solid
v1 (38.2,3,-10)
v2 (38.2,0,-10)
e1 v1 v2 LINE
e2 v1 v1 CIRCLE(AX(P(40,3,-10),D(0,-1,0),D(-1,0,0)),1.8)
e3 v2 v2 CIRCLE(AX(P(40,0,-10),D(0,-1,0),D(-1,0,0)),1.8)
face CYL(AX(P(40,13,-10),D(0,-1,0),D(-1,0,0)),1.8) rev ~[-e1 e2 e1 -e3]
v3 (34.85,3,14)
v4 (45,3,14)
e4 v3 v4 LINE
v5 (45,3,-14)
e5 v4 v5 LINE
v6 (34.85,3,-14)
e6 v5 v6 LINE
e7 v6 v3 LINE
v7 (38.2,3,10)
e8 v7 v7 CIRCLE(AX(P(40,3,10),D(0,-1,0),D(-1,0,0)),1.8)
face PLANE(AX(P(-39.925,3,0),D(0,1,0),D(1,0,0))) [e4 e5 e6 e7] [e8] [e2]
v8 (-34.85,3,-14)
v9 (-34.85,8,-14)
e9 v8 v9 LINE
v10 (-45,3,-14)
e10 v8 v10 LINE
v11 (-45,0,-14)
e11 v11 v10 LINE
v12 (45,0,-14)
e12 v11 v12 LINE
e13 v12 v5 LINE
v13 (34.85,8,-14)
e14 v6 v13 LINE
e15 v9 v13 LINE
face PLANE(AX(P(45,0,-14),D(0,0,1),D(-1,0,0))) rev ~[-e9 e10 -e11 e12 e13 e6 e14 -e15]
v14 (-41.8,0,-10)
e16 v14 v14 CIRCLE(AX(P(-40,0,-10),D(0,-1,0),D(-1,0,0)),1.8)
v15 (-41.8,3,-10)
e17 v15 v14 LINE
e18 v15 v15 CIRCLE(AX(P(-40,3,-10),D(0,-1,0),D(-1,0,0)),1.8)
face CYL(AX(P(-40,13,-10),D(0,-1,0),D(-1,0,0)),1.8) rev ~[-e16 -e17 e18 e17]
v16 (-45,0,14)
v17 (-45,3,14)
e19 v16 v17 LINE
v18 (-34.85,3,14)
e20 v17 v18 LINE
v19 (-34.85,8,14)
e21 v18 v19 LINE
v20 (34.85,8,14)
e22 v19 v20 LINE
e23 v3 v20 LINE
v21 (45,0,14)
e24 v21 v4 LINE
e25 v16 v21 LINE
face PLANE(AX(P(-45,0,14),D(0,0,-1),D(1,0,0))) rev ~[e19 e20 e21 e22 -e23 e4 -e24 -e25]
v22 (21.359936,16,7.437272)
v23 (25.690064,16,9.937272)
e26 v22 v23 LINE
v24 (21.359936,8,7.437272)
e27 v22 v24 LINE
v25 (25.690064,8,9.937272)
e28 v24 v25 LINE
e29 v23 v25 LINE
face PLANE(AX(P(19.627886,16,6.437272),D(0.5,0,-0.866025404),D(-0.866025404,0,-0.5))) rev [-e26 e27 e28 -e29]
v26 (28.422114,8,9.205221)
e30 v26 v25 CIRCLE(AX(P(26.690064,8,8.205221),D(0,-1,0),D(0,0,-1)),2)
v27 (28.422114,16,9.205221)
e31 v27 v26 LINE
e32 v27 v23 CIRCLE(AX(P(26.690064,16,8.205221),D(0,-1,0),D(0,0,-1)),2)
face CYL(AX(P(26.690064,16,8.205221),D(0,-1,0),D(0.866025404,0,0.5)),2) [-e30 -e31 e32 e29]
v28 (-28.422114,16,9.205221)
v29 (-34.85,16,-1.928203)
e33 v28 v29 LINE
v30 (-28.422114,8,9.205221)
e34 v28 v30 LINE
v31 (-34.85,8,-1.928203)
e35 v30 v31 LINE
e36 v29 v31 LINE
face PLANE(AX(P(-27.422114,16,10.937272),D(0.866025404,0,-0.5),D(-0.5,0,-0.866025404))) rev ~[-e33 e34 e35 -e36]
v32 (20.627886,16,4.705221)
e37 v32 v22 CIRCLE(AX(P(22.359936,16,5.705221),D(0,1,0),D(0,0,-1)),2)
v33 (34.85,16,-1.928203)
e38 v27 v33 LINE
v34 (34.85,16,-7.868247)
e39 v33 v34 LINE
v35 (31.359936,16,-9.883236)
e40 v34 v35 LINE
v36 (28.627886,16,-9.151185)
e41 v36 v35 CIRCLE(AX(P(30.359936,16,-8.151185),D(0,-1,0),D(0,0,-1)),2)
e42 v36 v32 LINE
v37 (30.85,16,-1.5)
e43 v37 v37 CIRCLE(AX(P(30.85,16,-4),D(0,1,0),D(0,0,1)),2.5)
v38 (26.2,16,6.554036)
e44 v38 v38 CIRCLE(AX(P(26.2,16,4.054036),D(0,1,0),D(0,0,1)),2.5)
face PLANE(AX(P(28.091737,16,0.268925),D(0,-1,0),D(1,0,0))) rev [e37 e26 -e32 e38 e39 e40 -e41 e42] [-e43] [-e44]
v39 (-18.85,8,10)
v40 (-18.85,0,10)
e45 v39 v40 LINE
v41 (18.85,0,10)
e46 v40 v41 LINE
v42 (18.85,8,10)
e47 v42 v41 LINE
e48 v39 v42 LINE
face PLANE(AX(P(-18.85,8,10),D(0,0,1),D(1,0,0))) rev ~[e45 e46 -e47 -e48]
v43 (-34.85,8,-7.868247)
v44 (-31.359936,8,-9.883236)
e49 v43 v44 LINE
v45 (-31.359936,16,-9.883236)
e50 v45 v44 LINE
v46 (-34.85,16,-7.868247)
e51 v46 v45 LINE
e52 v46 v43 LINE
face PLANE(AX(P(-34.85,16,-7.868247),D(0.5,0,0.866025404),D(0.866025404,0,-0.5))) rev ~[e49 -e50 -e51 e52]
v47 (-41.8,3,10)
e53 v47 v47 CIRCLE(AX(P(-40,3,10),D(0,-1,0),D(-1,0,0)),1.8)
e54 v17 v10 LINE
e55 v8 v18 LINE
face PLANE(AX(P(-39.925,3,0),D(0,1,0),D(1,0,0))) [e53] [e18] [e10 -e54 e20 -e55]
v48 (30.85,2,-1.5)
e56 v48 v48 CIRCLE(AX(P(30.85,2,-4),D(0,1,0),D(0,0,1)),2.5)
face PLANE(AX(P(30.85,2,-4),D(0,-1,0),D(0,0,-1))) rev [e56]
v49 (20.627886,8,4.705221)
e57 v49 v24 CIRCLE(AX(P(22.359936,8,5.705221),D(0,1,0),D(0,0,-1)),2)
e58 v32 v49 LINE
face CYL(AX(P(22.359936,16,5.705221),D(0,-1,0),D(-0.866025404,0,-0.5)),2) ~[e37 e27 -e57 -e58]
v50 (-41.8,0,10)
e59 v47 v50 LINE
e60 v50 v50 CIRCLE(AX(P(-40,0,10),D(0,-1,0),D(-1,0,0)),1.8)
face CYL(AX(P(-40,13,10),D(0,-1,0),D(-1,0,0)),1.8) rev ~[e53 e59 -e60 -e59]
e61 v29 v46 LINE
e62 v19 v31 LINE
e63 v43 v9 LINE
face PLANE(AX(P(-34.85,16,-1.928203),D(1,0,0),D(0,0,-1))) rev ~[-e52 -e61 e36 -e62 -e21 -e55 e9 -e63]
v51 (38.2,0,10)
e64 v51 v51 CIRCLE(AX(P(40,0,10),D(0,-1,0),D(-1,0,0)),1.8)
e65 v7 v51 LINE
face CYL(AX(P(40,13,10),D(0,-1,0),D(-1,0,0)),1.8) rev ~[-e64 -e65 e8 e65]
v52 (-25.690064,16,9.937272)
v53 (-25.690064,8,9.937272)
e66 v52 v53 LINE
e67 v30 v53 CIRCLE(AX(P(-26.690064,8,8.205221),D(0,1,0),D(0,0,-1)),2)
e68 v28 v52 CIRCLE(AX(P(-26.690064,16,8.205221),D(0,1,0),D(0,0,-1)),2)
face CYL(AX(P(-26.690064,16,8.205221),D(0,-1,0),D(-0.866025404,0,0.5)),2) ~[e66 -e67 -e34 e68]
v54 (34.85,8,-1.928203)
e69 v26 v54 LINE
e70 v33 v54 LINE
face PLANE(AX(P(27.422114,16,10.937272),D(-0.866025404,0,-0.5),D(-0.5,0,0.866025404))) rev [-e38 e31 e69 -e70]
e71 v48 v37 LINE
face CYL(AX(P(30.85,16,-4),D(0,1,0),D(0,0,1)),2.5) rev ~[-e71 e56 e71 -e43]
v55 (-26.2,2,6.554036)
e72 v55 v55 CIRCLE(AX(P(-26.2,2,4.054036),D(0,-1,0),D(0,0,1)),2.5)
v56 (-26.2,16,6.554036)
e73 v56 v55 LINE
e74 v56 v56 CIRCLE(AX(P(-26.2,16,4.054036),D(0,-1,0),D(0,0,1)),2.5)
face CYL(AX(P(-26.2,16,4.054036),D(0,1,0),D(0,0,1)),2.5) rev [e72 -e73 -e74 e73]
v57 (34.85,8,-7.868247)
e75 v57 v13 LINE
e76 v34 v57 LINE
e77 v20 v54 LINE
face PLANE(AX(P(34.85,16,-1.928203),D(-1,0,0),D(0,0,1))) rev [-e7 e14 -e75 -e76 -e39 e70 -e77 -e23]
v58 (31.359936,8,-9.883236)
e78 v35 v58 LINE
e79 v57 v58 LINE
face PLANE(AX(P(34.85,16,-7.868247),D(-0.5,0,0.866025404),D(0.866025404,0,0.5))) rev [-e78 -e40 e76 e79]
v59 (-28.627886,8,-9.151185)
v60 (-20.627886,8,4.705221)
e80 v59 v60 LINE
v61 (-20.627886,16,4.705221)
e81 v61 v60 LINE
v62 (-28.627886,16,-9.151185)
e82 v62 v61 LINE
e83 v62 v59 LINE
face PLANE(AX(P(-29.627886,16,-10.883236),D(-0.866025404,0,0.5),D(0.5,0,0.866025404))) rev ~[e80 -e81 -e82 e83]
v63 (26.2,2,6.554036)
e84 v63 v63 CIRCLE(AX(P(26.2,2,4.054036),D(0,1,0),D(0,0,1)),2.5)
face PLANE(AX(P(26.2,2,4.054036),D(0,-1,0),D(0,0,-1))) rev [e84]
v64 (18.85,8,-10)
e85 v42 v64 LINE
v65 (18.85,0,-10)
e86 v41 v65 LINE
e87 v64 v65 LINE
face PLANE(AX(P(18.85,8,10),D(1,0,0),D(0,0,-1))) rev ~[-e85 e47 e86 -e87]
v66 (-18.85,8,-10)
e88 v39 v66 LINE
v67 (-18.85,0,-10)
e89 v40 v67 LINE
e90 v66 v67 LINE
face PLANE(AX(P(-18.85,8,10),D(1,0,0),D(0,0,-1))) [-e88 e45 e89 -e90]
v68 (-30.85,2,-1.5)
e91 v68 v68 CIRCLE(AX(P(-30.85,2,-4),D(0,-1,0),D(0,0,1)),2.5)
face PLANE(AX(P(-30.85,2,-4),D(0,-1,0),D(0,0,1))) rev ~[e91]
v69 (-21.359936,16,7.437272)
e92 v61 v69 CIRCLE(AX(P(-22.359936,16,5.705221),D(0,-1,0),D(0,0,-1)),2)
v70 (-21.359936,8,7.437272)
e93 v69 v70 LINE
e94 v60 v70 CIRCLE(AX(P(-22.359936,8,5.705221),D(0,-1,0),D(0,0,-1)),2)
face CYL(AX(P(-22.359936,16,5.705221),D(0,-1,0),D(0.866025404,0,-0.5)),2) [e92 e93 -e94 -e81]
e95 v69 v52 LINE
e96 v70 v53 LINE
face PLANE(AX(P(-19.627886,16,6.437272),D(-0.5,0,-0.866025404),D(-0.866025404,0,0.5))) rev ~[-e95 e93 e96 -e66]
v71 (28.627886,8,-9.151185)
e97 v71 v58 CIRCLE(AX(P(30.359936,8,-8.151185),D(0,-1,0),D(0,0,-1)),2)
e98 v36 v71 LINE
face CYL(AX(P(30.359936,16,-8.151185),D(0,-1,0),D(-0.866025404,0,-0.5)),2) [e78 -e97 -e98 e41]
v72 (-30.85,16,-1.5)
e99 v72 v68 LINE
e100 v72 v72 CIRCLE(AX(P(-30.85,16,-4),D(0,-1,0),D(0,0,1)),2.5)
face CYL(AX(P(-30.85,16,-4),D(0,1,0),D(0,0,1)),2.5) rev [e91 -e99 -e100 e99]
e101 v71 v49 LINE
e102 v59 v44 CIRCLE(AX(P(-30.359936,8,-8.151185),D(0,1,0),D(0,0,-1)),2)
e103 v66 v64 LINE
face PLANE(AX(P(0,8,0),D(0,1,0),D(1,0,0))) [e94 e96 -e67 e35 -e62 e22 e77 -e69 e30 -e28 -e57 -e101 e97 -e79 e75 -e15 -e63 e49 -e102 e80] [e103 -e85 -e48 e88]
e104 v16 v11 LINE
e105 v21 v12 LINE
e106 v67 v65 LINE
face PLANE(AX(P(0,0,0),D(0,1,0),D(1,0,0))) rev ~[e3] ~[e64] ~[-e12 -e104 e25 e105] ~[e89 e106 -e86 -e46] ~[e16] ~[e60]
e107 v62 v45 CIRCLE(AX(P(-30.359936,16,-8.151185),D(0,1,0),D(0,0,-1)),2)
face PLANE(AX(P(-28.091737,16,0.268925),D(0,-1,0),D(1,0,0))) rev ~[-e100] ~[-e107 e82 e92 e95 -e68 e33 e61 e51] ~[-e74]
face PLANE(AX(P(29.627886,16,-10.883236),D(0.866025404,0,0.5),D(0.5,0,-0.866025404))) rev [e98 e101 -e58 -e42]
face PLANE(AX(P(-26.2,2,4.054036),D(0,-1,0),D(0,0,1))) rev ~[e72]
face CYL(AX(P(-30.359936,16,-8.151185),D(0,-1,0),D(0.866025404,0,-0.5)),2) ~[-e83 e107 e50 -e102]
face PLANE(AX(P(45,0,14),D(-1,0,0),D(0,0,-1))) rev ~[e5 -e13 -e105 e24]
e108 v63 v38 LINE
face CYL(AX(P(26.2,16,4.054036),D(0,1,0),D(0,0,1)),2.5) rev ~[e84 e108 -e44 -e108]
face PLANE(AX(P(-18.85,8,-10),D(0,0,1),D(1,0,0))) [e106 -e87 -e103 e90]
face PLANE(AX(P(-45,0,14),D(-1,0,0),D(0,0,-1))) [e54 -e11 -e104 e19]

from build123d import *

# Parameters (mm, degrees)
SKETCH1_W                = 10.15
SKETCH1_H                = 28
SKETCH1_W_2              = 69.7
BOSS_EXTRUDE1_DEPTH      = 3
SKETCH1_3_W              = 69.7
SKETCH1_3_H              = 28
BOSS_EXTRUDE2_DEPTH      = 8
SKETCH2_R                = 2.5
CUT_EXTRUDE1_DEPTH       = 6
BOSS_EXTRUDE3_START      = -8
SKETCH3_R                = 2.5
BOSS_EXTRUDE3_DEPTH      = 8
FILLET1_R                = 2
FILLET1_OF_MIRROR1_R     = 2
M3_CLEARANCE_HOLE1_D     = 3.6
M3_CLEARANCE_HOLE1_DEPTH = 10
M3_CLEARANCE_HOLE1_TIP   = 1.081549114
SKETCH6_W                = 37.7
SKETCH6_H                = 20
CUT_EXTRUDE2_DEPTH       = 48.801673611


with BuildPart() as part:
    # Sketch1 → Boss-Extrude1 (new body)
    with BuildSketch(Plane(origin=(0, 0, 0), x_dir=(1, 0, 0), z_dir=(0, 1, 0))):
        with Locations((-39.925, 0)):
            Rectangle(SKETCH1_W, SKETCH1_H)
        Rectangle(SKETCH1_W_2, SKETCH1_H)
        with Locations((39.925, 0)):
            Rectangle(SKETCH1_W, SKETCH1_H)
    extrude(amount=BOSS_EXTRUDE1_DEPTH)

    # Sketch1<3> → Boss-Extrude2 (add)
    with BuildSketch(Plane(origin=(0, 0, 0), x_dir=(1, 0, 0), z_dir=(0, 1, 0))):
        Rectangle(SKETCH1_3_W, SKETCH1_3_H)
    extrude(amount=BOSS_EXTRUDE2_DEPTH)

    # Sketch2 → Cut-Extrude1 (cut)
    with BuildSketch(Plane.XZ.offset(-8)):
        with Locations(Location((-30.85, -4, 0), (0, 0, 90))):
            Circle(SKETCH2_R)
        with Locations(Location((-26.2, 4.054036255, 0), (0, 0, 90))):
            Circle(SKETCH2_R)
    cut_extrude1 = extrude(amount=CUT_EXTRUDE1_DEPTH, mode=Mode.SUBTRACT)

    # Sketch3 → Boss-Extrude3 (add)
    with BuildSketch(Plane.XZ.offset(-8).offset(BOSS_EXTRUDE3_START)):
        Polygon((-29.627885683, -10.88323591), (-19.627885683, 6.437272165), (-27.422114317, 10.937272165), (-34.85, -1.92820323), (-34.85, -7.868246804), align=None)
        with Locations(Location((-30.85, -4, 0), (0, 0, 90))):
            Circle(SKETCH3_R, mode=Mode.SUBTRACT)
        with Locations(Location((-26.2, 4.054036255, 0), (0, 0, 90))):
            Circle(SKETCH3_R, mode=Mode.SUBTRACT)
    boss_extrude3 = extrude(amount=BOSS_EXTRUDE3_DEPTH)

    # Fillet1
    fillet1_edges = [part.edges().sort_by_distance(p)[0] for p in [
        (-27.422114317, 12, 10.937272165),
        (-19.627885683, 12, 6.437272165),
        (-29.627885683, 12, -10.88323591),
    ]]
    fillet(fillet1_edges, radius=FILLET1_R)

    # Mirror1: Cut-Extrude1, Boss-Extrude3 across plane
    add(cut_extrude1.mirror(Plane(origin=(0, 0, 0), x_dir=(0, 0, 1), z_dir=(1, 0, 0))), mode=Mode.SUBTRACT)
    add(boss_extrude3.mirror(Plane(origin=(0, 0, 0), x_dir=(0, 0, 1), z_dir=(1, 0, 0))))

    # Fillet1 of Mirror1
    fillet1_of_mirror1_edges = [part.edges().sort_by_distance(p)[0] for p in [
        (27.422114317, 12, 10.937272165),
        (19.627885683, 12, 6.437272165),
        (29.627885683, 12, -10.88323591),
    ]]
    fillet(fillet1_of_mirror1_edges, radius=FILLET1_OF_MIRROR1_R)

    # M3 Clearance Hole1
    with Locations(Plane(origin=(0, 3, 0), x_dir=(1, 0, 0), z_dir=(0, 1, 0))):
        with Locations((-40, 10), (-40, -10), (40, -10), (40, 10)):
            Hole(M3_CLEARANCE_HOLE1_D / 2, depth=M3_CLEARANCE_HOLE1_DEPTH)
            with Locations((0, 0, -(M3_CLEARANCE_HOLE1_DEPTH + M3_CLEARANCE_HOLE1_TIP / 2))):  # 118° drill point
                Cone(0, M3_CLEARANCE_HOLE1_D / 2, M3_CLEARANCE_HOLE1_TIP, mode=Mode.SUBTRACT)

    # Sketch6 → Cut-Extrude2 (cut, through all)
    with BuildSketch(Plane(origin=(0, 8, 0), x_dir=(1, 0, 0), z_dir=(0, 1, 0))):
        Rectangle(SKETCH6_W, SKETCH6_H)
    extrude(amount=-CUT_EXTRUDE2_DEPTH, mode=Mode.SUBTRACT)


solid = part.part
